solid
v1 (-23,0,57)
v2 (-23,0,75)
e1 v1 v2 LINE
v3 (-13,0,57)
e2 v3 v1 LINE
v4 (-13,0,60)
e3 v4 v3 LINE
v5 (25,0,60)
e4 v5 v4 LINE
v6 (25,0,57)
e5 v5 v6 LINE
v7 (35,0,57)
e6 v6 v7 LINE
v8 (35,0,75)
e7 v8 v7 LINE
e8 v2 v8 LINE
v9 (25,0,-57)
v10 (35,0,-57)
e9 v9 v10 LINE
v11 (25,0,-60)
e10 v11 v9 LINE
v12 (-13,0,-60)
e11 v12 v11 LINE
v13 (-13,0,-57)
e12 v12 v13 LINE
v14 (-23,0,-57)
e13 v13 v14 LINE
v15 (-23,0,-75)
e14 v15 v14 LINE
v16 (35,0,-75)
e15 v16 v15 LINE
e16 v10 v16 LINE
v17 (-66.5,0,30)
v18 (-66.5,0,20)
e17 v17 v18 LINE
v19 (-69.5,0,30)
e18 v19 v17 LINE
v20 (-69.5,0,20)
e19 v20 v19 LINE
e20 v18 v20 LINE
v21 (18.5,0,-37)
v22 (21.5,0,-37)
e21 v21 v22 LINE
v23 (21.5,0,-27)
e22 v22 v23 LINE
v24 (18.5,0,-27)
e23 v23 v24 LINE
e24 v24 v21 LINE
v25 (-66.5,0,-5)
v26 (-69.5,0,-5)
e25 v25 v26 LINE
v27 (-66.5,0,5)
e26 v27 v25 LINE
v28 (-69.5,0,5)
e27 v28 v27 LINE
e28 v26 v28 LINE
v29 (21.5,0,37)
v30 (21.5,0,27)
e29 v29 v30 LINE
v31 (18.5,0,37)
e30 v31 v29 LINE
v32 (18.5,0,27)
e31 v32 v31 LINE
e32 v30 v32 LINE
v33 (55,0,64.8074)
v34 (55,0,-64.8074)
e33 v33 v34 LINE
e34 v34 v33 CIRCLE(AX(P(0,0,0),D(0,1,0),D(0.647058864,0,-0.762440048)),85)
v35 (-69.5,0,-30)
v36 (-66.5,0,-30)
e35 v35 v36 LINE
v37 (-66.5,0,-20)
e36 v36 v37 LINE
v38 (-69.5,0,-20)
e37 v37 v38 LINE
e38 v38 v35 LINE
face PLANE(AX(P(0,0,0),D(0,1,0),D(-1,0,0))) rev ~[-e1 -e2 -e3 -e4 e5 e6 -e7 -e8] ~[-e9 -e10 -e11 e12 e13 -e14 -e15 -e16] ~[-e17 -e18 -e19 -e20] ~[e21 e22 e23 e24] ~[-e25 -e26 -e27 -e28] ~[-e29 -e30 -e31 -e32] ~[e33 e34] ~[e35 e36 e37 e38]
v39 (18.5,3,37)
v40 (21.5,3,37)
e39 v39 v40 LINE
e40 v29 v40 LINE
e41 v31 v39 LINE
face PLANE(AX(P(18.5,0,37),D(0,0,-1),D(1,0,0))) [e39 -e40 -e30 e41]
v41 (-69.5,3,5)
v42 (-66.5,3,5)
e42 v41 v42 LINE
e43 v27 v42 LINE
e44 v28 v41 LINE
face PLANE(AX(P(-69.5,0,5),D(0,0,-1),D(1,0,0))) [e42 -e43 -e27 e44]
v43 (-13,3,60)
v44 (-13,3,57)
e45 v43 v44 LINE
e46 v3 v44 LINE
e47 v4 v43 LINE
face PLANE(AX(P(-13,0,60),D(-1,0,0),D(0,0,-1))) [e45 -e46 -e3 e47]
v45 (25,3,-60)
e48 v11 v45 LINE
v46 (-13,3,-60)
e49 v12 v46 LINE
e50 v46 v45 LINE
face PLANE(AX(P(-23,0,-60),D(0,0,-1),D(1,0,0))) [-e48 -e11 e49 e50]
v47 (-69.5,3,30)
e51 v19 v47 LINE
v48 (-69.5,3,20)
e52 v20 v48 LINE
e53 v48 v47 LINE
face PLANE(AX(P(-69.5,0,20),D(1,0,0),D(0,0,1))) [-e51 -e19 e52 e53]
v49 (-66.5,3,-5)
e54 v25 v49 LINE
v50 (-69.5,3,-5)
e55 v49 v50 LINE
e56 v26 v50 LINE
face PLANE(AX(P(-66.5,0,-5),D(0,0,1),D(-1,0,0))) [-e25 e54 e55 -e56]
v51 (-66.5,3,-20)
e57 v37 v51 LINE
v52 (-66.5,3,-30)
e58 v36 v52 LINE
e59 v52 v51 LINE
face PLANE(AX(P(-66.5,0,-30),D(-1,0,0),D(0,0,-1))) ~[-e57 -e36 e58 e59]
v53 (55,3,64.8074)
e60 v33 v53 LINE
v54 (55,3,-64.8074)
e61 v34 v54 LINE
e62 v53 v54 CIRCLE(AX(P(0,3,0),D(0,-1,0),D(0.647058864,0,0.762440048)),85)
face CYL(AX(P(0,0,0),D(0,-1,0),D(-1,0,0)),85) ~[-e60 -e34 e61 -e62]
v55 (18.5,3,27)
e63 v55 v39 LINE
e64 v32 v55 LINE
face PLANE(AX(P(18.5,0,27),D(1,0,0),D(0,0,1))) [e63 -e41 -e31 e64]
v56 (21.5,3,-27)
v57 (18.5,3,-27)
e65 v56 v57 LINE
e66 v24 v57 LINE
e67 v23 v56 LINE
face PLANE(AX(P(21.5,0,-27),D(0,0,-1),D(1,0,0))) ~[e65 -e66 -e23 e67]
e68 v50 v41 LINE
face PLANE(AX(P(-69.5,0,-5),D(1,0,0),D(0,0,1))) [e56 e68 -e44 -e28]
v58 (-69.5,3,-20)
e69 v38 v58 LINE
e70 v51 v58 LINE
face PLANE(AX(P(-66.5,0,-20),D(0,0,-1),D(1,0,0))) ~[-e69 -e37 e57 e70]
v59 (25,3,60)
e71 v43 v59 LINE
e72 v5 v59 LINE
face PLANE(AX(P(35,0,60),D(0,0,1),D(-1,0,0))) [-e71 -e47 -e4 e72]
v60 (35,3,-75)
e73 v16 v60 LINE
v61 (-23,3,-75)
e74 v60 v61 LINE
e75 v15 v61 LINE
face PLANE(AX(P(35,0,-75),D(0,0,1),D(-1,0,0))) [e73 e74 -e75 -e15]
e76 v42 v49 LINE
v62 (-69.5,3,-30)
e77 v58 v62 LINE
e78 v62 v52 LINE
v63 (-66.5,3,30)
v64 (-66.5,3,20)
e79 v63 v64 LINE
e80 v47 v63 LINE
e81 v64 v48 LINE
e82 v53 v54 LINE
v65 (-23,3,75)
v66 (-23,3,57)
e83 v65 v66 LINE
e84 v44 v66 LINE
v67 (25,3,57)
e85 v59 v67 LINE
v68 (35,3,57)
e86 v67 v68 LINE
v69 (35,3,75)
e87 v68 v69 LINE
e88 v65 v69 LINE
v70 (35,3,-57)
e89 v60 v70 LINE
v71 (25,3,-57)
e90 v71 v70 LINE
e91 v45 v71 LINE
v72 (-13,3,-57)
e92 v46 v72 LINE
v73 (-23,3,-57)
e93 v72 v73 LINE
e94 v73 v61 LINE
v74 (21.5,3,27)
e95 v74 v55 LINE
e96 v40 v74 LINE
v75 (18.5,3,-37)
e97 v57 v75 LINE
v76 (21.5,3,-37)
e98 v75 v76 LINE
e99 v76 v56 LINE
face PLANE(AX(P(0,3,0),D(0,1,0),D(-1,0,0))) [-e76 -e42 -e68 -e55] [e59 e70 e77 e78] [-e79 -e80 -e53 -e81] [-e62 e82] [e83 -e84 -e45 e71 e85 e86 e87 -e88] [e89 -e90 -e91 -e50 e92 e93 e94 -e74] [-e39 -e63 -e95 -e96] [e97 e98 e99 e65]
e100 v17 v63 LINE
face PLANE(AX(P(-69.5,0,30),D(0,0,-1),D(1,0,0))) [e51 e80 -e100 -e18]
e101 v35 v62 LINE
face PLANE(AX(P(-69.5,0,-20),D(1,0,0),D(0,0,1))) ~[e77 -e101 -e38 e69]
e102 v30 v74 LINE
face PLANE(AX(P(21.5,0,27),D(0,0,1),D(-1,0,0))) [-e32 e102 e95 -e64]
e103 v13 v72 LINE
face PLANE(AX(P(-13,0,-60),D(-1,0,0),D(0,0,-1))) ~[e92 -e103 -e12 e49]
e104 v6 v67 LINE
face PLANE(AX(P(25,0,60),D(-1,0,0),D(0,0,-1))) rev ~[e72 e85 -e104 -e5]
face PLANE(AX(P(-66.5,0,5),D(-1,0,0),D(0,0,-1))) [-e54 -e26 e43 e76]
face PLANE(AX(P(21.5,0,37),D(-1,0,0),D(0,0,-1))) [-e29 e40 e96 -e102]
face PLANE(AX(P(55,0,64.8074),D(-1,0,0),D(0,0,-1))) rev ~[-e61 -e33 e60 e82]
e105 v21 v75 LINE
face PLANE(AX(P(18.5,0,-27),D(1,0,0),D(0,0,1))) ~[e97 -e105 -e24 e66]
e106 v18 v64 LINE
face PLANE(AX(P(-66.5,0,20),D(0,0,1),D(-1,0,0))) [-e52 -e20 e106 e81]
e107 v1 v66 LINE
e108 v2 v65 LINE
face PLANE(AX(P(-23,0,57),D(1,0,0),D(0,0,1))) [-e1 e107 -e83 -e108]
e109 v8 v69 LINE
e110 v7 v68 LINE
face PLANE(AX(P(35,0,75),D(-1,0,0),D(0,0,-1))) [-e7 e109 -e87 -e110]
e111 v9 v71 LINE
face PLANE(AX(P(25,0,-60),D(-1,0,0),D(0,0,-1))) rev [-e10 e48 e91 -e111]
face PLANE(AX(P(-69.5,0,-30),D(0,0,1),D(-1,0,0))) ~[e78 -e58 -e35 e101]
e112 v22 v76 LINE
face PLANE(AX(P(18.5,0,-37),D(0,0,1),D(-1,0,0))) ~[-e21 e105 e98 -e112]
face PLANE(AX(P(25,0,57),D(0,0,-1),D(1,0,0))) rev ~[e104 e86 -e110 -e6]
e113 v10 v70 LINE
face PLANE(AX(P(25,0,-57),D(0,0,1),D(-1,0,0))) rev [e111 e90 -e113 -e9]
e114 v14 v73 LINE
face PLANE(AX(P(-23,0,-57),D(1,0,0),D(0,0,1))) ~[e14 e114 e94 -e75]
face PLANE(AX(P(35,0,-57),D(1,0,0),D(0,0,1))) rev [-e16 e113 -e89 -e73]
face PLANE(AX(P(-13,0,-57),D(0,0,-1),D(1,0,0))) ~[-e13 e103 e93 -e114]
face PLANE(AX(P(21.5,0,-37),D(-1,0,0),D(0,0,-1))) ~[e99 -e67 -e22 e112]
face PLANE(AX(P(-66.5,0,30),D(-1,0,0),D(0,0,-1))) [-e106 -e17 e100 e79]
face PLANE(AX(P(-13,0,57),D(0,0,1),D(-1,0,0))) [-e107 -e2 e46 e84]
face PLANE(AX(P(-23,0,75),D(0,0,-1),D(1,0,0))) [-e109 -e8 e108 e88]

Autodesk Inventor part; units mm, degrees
ref_plane "YZ Plane" through (0, 0, 0) normal (1, 0, 0) x (0, 1, 0)
ref_plane "XZ Plane" through (0, 0, 0) normal (0, 1, 0) x (-1, 0, 0)
ref_plane "XY Plane" through (0, 0, 0) normal (0, 0, 1) x (1, 0, 0)
sketch "Sketch1" plane through (0, 0, 0) normal (0, 1, 0) x (-1, 0, 0)
  circle A0 centre (0, 0) radius 85
  line L0 (-55, 64.8074) -> (-55, -64.8074)
  line L1 (23, 75) -> (-35, 75)
  line L2 (-35, 75) -> (-35, 60)
  line L3 (-35, 60) -> (23, 60)
  line L4 (23, 60) -> (23, 75)
  line L5 (-6, 60) -> (-6, 30.4166)
  line L6 (23, -60) -> (-35, -60)
  line L7 (-35, -60) -> (-35, -75)
  line L8 (-35, -75) -> (23, -75)
  line L9 (23, -75) -> (23, -60)
  dimension "d0" = 170
  dimension "d1" = 55
  dimension "d2" = 58
  dimension "d3" = 15
  dimension "d4" = 49
  dimension "d5" = 60
  dimension "d8" = 60
extrude "Extrusion1" add sketch "Sketch1" along normal blind 3 contours A0 L0 picked at (43.6667, 0)
sketch "Sketch2" plane through (0, 0, 0) normal (0, -1, 0) x (1, 0, 0)
  line L0 (-23, 60) -> (-13, 60)
  line L1 (-13, 60) -> (-13, 57)
  line L2 (-13, 57) -> (-23, 57)
  line L3 (-23, 57) -> (-23, 60)
  line L4 (35, 60) -> (25, 60)
  line L5 (25, 60) -> (25, 57)
  line L6 (25, 57) -> (35, 57)
  line L7 (35, 57) -> (35, 60)
  point P0 (0, 0)
  dimension "d9" = 10
  dimension "d10" = 3
  dimension "d11" = 10
  dimension "d12" = 3
extrude "Extrusion2" cut sketch "Sketch2" against normal blind 3
sketch "Sketch3" plane through (0, 0, 0) normal (0, -1, 0) x (1, 0, 0)
  line L0 (18.5, 37) -> (21.5, 37)
  line L1 (21.5, 37) -> (21.5, 27)
  line L2 (21.5, 27) -> (18.5, 27)
  line L3 (18.5, 27) -> (18.5, 37)
  line L4 (35, 57) -> (25, 57) projected
  line L5 (-13, 60) -> (25, 60) construction
  line L6 (6, 60) -> (6, 41.1412) construction
  point P0 (0, 0)
  dimension "d15" = 3
  dimension "d16" = 10
  dimension "d17" = 20
  dimension "d18" = 12.5
extrude "Extrusion3" cut sketch "Sketch3" against normal blind 3
sketch "Sketch4" plane through (0, 0, 0) normal (0, -1, 0) x (1, 0, 0)
  line L0 (-69.5, 30) -> (-66.5, 30)
  line L1 (-66.5, 30) -> (-66.5, 20)
  line L2 (-66.5, 20) -> (-69.5, 20)
  line L3 (-69.5, 20) -> (-69.5, 30)
  line L4 (55, 64.8074) -> (55, -64.8074) projected
  line L5 (-69.5, 5) -> (-66.5, 5)
  line L6 (-66.5, 5) -> (-66.5, -5)
  line L7 (-66.5, -5) -> (-69.5, -5)
  line L8 (-69.5, -5) -> (-69.5, 5)
  point P0 (0, 0)
  point P1 (-69.5, 0)
  dimension "d21" = 3
  dimension "d22" = 10
  dimension "d23" = 124.5
  dimension "d24" = 30
  dimension "d25" = 3
  dimension "d26" = 10
extrude "Extrusion4" cut sketch "Sketch4" against normal blind 3
mirror "Mirror1" about plane through (0, 0, 0) normal (0, 0, 1) of "Extrusion3", "Extrusion2", "Extrusion4"
sketch "Sketch5" plane through (0, 0, 0) normal (0, -1, 0) x (1, 0, 0)
  point P0 (0, 0)
equation "\"d8\" = d5"
properties part number "Mid Plate"
